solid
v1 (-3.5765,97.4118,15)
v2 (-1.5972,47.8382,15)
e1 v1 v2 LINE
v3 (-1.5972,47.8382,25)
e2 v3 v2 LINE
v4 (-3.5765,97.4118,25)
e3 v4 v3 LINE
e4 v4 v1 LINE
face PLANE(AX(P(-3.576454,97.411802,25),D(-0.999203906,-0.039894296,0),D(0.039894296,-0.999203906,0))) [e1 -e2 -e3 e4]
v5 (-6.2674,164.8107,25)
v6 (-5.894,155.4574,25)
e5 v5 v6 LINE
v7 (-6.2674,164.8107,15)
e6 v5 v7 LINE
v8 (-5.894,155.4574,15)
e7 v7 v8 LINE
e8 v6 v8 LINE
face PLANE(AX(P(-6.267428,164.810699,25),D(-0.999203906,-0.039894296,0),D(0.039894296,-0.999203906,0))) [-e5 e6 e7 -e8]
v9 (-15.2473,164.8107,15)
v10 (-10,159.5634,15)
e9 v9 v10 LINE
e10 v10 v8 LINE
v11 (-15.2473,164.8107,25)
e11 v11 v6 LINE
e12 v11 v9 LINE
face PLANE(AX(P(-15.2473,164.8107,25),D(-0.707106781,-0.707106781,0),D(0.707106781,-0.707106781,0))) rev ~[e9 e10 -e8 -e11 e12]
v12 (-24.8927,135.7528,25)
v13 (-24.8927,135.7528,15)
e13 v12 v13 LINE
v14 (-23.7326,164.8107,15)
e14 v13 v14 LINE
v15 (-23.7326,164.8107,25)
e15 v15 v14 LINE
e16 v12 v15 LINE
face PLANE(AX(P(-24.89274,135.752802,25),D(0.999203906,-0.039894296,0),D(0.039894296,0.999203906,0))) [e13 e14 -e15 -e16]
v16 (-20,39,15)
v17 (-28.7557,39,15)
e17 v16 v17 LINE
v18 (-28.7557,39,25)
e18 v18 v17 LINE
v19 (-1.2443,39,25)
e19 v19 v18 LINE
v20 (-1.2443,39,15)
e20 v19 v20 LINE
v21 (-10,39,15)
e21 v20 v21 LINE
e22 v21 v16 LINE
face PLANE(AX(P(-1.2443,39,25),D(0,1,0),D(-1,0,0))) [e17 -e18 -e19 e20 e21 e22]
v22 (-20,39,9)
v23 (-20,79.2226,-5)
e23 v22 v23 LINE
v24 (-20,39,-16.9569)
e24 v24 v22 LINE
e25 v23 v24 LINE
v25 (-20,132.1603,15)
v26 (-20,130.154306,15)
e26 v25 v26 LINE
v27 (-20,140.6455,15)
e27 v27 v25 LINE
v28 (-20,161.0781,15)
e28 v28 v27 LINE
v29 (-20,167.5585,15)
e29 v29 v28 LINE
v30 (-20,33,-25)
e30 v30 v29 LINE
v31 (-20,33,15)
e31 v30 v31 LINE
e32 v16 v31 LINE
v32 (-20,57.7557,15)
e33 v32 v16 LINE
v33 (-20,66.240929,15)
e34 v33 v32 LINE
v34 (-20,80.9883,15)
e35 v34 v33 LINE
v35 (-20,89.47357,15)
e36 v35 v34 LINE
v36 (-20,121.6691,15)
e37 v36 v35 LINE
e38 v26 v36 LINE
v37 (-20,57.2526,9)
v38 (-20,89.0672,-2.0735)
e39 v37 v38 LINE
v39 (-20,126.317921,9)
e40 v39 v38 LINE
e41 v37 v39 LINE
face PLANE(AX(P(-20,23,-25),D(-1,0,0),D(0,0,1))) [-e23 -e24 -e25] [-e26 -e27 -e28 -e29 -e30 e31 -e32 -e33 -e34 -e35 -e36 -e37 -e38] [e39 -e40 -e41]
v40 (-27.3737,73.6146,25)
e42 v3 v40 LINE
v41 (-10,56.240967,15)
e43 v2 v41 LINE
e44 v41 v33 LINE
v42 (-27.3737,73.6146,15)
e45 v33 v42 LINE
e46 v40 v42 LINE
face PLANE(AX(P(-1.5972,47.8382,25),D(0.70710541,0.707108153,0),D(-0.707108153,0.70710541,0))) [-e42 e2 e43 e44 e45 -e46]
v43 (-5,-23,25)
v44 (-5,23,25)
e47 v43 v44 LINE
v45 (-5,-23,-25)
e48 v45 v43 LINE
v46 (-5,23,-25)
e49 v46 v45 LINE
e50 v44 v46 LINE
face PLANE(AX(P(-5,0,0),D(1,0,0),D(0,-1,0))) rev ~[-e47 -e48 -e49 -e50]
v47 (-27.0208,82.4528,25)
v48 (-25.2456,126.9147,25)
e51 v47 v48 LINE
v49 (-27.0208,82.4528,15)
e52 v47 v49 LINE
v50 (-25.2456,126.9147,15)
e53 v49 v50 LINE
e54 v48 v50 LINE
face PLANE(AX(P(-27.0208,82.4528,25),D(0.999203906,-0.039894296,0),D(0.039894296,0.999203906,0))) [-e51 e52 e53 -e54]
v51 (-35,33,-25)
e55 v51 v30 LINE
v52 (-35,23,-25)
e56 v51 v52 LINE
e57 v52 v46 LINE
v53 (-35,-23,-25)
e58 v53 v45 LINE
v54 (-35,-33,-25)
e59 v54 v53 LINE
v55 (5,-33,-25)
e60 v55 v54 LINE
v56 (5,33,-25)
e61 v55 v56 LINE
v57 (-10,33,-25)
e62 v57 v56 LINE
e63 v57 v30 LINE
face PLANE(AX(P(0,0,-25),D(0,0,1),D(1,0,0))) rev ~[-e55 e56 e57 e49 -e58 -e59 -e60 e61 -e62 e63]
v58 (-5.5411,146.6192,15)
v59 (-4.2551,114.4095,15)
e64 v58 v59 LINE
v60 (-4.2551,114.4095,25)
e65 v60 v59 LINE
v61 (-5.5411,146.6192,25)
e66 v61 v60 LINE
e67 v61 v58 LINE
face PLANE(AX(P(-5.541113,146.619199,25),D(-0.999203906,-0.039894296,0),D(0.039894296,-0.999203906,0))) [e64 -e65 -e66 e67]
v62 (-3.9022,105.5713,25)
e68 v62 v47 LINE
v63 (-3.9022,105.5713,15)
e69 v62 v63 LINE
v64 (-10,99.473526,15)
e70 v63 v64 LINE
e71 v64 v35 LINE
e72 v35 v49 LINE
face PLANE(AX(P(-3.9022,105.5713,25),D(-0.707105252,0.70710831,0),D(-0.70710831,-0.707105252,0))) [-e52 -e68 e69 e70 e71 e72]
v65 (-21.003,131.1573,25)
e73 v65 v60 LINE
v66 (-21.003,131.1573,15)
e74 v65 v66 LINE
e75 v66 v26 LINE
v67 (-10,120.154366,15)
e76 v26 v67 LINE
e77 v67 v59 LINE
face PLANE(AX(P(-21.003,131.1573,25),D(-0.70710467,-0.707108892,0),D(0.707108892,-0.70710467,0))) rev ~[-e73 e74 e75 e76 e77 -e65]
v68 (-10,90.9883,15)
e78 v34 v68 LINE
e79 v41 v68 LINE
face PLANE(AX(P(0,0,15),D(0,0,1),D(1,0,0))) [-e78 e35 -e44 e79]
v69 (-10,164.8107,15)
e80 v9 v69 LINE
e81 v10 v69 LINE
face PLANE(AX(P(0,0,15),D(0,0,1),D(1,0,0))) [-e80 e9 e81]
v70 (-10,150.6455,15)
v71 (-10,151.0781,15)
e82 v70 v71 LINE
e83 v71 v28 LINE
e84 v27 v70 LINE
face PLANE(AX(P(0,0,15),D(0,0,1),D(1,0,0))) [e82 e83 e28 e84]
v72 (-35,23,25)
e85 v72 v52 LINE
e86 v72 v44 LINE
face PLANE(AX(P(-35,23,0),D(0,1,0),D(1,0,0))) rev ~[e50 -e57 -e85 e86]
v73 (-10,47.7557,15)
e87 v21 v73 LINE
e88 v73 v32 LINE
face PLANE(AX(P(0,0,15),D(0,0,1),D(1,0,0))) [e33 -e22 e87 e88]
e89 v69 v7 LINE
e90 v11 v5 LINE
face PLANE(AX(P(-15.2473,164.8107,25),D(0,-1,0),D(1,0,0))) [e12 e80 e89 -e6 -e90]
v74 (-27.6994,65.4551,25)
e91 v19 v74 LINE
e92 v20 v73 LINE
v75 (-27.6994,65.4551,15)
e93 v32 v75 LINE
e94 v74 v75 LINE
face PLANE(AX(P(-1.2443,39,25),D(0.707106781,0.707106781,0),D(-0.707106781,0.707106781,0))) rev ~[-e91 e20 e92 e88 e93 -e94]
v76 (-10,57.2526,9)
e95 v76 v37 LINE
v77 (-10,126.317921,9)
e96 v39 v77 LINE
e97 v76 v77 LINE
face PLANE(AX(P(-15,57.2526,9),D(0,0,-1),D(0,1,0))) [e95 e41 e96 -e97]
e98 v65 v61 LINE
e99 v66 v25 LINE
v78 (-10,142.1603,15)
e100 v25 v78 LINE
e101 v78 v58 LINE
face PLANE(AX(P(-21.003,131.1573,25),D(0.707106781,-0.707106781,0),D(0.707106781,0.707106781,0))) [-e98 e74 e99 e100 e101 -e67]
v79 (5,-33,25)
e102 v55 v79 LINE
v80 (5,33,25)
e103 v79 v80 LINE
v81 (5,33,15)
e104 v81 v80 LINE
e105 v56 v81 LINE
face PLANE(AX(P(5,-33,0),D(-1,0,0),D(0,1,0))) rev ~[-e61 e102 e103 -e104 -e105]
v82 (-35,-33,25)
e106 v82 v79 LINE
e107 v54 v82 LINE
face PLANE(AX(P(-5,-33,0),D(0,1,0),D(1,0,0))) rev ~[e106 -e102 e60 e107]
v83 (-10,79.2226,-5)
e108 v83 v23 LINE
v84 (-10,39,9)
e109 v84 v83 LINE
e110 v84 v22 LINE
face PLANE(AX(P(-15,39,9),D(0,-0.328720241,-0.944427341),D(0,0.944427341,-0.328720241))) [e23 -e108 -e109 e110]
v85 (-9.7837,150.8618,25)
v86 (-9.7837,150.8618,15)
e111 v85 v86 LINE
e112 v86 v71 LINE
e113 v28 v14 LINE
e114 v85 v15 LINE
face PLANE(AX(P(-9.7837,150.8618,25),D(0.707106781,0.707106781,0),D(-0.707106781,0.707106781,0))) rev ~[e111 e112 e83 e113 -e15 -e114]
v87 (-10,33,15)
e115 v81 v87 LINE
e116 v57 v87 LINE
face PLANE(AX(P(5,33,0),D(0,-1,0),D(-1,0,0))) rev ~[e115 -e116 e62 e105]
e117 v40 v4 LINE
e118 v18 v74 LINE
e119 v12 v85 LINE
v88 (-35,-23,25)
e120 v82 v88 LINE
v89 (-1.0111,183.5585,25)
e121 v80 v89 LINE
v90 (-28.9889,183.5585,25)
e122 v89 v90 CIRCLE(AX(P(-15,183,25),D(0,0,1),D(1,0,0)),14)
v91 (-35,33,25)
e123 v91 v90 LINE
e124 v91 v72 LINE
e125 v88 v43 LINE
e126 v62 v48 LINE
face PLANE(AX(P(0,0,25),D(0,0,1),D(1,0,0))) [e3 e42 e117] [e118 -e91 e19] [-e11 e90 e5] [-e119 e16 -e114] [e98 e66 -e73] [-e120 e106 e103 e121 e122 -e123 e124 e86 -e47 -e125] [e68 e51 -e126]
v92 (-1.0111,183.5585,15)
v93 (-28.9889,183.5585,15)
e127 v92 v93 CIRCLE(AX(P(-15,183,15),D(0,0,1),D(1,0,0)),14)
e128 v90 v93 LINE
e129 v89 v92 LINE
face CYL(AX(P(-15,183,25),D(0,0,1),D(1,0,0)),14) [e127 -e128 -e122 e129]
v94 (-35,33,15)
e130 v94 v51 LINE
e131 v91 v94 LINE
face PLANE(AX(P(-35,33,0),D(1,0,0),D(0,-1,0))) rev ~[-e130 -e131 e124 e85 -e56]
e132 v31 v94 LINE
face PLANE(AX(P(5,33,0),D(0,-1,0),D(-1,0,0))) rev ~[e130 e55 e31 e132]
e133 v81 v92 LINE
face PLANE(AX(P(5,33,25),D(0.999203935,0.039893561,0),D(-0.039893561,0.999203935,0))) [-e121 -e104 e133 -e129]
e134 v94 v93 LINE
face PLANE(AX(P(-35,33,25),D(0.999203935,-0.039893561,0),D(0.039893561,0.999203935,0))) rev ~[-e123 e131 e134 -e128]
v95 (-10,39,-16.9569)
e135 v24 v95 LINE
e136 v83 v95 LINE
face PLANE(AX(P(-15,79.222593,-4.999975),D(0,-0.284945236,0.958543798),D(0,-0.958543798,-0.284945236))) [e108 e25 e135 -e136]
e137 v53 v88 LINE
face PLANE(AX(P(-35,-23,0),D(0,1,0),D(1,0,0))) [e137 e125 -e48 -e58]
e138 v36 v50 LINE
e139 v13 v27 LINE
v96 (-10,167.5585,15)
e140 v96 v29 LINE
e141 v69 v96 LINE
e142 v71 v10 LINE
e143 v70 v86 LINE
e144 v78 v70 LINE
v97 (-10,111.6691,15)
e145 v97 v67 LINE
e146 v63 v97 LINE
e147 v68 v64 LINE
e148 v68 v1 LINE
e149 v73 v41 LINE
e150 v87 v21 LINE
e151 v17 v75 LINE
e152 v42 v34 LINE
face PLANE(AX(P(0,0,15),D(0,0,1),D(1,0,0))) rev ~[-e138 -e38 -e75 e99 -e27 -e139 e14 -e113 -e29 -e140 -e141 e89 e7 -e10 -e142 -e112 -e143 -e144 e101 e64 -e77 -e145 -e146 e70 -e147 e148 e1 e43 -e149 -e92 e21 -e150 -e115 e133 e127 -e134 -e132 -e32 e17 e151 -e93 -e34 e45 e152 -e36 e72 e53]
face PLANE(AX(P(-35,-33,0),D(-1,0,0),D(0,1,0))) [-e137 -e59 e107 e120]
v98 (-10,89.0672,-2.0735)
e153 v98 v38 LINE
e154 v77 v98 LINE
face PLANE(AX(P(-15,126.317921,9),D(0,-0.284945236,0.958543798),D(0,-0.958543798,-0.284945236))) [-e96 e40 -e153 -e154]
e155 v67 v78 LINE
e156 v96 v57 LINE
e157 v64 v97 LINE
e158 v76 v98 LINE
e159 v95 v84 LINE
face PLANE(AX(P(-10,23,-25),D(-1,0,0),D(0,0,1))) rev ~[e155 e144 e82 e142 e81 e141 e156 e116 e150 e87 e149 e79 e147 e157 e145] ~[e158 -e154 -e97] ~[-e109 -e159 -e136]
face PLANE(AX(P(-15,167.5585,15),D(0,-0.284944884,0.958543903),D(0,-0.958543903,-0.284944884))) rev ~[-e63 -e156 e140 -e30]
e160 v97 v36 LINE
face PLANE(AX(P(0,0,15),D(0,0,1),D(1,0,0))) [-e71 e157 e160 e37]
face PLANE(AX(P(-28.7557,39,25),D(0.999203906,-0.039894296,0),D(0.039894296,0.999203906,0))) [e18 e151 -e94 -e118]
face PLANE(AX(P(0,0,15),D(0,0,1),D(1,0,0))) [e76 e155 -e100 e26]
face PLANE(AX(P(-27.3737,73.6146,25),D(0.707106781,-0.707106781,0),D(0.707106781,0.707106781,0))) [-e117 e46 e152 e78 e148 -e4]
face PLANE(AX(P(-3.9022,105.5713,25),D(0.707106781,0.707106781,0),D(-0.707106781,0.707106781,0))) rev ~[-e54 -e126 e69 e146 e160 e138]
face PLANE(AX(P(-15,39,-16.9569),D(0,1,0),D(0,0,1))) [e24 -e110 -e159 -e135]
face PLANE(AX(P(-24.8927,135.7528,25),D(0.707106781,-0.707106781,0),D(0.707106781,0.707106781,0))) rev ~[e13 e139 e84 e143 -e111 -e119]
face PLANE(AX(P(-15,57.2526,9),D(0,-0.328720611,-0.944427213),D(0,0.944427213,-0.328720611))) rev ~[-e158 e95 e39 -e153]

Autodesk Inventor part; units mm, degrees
ref_plane "YZ Plane" through (0, 0, 0) normal (1, 0, 0) x (0, 1, 0)
ref_plane "XZ Plane" through (0, 0, 0) normal (0, 1, 0) x (-1, 0, 0)
sketch "스케치1" plane through (0, 0, 0) normal (0, 0, 1) x (1, 0, 0)
  line L0 (-5, -33) -> (5, -33)
  line L1 (5, -33) -> (5, 33)
  line L2 (5, 33) -> (-5, 33)
  line L3 (-5, 33) -> (-5, -33)
  line L4 (-5, -33) -> (5, 33) construction
  line L5 (5, -33) -> (-5, 33) construction
  line L6 (-5, 33) -> (-35, 33)
  line L7 (-35, 33) -> (-35, 23)
  line L8 (-35, 23) -> (-5, 23)
  line L9 (-5, 23) -> (-5, 33)
  line L10 (0, 0) -> (-11.0402, 0)
  line L11 (-5, -33) -> (-35, -33)
  line L12 (-35, -33) -> (-35, -23)
  line L13 (-35, -23) -> (-5, -23)
  point P0 (-5, 23)
  point P1 (-5, -23)
  dimension "d0" = 66
  dimension "d1" = 10
  dimension "d2" = 10
  dimension "d3" = 30
extrude "돌출1" add sketch "스케치1" along normal mid plane 50
sketch "스케치2" plane through (0, 0, 25) normal (0, 0, 1) x (1, 0, 0)
  circle A0 centre (-15, 183) radius 14
  line L0 (-35, 33) -> (-35, 23) projected
  line L1 (-35, 33) -> (-28.9889, 183.5585)
  line L2 (5, 33) -> (-35, 33) projected
  line L3 (-15, 33) -> (-15, 183) construction
  line L4 (5, 33) -> (-1.0111, 183.5585)
  point P0 (0, 0)
  dimension "d6" = 28
  dimension "d17" = 6
  dimension "d7" = 150
extrude "돌출2" add sketch "스케치2" against normal blind 10
ref_plane "작업 평면1" through (-15, 23, -25) normal (-1, 0, 0) x (0, 0, 1)
sketch "스케치3" plane through (-15, 23, -25) normal (-1, 0, 0) x (0, 0, 1)
  line L0 (40, 160.5585) -> (40, 10) projected
  line L1 (0, 10) -> (40, 10) projected
  line L2 (40, 144.5585) -> (0, 10)
  line L3 (45.7513, 142.8488) -> (8.0431, 16)
  line L4 (8.0431, 16) -> (34, 16)
  line L5 (34, 16) -> (34, 160.5585)
  line L6 (34, 16) -> (20, 56.2226)
  line L7 (34, 34.2526) -> (22.9265, 66.0672)
  point P0 (25, -23)
  point P1 (34, 103.318)
  point P2 (34, 124.3747)
  point P3 (40, 123.5018)
  dimension "d10" = 16
  dimension "d11" = 6
  dimension "d12" = 6
extrude "돌출3" add sketch "스케치3" along normal mid plane 10 contours L0 L3 L5 L2 | L0 L1 L2 L5 L3 | L7 L5 L6 L3
sketch "스케치4" plane through (0, 0, 25) normal (0, 0, 1) x (1, 0, 0)
  line L0 (-35, 33) -> (-28.9889, 183.5585) projected
  line L1 (5, 33) -> (-1.0111, 183.5585) projected
  line L2 (-35, 33) -> (5, 33)
  arc A0 (-1.0111, 183.5585) -> (-28.9889, 183.5585) centre (-15, 183) ccw projected
  line L3 (-7.0064, 183.3192) -> (-1.2443, 39)
  line L4 (-1.2443, 39) -> (-28.7557, 39)
  line L5 (-28.7557, 39) -> (-22.9936, 183.3192)
  arc A1 (-7.0064, 183.3192) -> (-22.9936, 183.3192) centre (-15, 183) ccw
  line L6 (-1.2443, 39) -> (-27.6994, 65.4551)
  line L7 (-1.5972, 47.8382) -> (-27.3737, 73.6146)
  line L8 (-27.3737, 73.6146) -> (-3.5765, 97.4118)
  line L9 (-3.9022, 105.5713) -> (-27.0208, 82.4528)
  line L10 (-3.9022, 105.5713) -> (-25.2456, 126.9147)
  line L11 (-25.2456, 126.9147) -> (-5.5411, 146.6192)
  line L12 (-5.5411, 146.6192) -> (-23.7326, 164.8107)
  line L13 (-23.7326, 164.8107) -> (-6.2674, 164.8107)
  line L14 (-21.003, 131.1573) -> (-4.2551, 114.4095)
  line L15 (-15.2473, 164.8107) -> (-5.894, 155.4574)
  line L16 (-24.8927, 135.7528) -> (-9.7837, 150.8618)
  point P0 (0, 0)
  point P1 (-5.2153, 138.4597)
  dimension "d15" = 6
  dimension "d16" = 45
  dimension "d17" = 6
  dimension "d18" = 90
  dimension "d19" = 6
  dimension "d23" = 6
extrude "돌출4" cut sketch "스케치4" against normal blind 10 contours L3 L15 L13 | L12 L16 L5 | L3 L14 L11 | L10 L9 L5 | L3 L7 L8 | L6 L4 L5
properties part number "전체 형상"
